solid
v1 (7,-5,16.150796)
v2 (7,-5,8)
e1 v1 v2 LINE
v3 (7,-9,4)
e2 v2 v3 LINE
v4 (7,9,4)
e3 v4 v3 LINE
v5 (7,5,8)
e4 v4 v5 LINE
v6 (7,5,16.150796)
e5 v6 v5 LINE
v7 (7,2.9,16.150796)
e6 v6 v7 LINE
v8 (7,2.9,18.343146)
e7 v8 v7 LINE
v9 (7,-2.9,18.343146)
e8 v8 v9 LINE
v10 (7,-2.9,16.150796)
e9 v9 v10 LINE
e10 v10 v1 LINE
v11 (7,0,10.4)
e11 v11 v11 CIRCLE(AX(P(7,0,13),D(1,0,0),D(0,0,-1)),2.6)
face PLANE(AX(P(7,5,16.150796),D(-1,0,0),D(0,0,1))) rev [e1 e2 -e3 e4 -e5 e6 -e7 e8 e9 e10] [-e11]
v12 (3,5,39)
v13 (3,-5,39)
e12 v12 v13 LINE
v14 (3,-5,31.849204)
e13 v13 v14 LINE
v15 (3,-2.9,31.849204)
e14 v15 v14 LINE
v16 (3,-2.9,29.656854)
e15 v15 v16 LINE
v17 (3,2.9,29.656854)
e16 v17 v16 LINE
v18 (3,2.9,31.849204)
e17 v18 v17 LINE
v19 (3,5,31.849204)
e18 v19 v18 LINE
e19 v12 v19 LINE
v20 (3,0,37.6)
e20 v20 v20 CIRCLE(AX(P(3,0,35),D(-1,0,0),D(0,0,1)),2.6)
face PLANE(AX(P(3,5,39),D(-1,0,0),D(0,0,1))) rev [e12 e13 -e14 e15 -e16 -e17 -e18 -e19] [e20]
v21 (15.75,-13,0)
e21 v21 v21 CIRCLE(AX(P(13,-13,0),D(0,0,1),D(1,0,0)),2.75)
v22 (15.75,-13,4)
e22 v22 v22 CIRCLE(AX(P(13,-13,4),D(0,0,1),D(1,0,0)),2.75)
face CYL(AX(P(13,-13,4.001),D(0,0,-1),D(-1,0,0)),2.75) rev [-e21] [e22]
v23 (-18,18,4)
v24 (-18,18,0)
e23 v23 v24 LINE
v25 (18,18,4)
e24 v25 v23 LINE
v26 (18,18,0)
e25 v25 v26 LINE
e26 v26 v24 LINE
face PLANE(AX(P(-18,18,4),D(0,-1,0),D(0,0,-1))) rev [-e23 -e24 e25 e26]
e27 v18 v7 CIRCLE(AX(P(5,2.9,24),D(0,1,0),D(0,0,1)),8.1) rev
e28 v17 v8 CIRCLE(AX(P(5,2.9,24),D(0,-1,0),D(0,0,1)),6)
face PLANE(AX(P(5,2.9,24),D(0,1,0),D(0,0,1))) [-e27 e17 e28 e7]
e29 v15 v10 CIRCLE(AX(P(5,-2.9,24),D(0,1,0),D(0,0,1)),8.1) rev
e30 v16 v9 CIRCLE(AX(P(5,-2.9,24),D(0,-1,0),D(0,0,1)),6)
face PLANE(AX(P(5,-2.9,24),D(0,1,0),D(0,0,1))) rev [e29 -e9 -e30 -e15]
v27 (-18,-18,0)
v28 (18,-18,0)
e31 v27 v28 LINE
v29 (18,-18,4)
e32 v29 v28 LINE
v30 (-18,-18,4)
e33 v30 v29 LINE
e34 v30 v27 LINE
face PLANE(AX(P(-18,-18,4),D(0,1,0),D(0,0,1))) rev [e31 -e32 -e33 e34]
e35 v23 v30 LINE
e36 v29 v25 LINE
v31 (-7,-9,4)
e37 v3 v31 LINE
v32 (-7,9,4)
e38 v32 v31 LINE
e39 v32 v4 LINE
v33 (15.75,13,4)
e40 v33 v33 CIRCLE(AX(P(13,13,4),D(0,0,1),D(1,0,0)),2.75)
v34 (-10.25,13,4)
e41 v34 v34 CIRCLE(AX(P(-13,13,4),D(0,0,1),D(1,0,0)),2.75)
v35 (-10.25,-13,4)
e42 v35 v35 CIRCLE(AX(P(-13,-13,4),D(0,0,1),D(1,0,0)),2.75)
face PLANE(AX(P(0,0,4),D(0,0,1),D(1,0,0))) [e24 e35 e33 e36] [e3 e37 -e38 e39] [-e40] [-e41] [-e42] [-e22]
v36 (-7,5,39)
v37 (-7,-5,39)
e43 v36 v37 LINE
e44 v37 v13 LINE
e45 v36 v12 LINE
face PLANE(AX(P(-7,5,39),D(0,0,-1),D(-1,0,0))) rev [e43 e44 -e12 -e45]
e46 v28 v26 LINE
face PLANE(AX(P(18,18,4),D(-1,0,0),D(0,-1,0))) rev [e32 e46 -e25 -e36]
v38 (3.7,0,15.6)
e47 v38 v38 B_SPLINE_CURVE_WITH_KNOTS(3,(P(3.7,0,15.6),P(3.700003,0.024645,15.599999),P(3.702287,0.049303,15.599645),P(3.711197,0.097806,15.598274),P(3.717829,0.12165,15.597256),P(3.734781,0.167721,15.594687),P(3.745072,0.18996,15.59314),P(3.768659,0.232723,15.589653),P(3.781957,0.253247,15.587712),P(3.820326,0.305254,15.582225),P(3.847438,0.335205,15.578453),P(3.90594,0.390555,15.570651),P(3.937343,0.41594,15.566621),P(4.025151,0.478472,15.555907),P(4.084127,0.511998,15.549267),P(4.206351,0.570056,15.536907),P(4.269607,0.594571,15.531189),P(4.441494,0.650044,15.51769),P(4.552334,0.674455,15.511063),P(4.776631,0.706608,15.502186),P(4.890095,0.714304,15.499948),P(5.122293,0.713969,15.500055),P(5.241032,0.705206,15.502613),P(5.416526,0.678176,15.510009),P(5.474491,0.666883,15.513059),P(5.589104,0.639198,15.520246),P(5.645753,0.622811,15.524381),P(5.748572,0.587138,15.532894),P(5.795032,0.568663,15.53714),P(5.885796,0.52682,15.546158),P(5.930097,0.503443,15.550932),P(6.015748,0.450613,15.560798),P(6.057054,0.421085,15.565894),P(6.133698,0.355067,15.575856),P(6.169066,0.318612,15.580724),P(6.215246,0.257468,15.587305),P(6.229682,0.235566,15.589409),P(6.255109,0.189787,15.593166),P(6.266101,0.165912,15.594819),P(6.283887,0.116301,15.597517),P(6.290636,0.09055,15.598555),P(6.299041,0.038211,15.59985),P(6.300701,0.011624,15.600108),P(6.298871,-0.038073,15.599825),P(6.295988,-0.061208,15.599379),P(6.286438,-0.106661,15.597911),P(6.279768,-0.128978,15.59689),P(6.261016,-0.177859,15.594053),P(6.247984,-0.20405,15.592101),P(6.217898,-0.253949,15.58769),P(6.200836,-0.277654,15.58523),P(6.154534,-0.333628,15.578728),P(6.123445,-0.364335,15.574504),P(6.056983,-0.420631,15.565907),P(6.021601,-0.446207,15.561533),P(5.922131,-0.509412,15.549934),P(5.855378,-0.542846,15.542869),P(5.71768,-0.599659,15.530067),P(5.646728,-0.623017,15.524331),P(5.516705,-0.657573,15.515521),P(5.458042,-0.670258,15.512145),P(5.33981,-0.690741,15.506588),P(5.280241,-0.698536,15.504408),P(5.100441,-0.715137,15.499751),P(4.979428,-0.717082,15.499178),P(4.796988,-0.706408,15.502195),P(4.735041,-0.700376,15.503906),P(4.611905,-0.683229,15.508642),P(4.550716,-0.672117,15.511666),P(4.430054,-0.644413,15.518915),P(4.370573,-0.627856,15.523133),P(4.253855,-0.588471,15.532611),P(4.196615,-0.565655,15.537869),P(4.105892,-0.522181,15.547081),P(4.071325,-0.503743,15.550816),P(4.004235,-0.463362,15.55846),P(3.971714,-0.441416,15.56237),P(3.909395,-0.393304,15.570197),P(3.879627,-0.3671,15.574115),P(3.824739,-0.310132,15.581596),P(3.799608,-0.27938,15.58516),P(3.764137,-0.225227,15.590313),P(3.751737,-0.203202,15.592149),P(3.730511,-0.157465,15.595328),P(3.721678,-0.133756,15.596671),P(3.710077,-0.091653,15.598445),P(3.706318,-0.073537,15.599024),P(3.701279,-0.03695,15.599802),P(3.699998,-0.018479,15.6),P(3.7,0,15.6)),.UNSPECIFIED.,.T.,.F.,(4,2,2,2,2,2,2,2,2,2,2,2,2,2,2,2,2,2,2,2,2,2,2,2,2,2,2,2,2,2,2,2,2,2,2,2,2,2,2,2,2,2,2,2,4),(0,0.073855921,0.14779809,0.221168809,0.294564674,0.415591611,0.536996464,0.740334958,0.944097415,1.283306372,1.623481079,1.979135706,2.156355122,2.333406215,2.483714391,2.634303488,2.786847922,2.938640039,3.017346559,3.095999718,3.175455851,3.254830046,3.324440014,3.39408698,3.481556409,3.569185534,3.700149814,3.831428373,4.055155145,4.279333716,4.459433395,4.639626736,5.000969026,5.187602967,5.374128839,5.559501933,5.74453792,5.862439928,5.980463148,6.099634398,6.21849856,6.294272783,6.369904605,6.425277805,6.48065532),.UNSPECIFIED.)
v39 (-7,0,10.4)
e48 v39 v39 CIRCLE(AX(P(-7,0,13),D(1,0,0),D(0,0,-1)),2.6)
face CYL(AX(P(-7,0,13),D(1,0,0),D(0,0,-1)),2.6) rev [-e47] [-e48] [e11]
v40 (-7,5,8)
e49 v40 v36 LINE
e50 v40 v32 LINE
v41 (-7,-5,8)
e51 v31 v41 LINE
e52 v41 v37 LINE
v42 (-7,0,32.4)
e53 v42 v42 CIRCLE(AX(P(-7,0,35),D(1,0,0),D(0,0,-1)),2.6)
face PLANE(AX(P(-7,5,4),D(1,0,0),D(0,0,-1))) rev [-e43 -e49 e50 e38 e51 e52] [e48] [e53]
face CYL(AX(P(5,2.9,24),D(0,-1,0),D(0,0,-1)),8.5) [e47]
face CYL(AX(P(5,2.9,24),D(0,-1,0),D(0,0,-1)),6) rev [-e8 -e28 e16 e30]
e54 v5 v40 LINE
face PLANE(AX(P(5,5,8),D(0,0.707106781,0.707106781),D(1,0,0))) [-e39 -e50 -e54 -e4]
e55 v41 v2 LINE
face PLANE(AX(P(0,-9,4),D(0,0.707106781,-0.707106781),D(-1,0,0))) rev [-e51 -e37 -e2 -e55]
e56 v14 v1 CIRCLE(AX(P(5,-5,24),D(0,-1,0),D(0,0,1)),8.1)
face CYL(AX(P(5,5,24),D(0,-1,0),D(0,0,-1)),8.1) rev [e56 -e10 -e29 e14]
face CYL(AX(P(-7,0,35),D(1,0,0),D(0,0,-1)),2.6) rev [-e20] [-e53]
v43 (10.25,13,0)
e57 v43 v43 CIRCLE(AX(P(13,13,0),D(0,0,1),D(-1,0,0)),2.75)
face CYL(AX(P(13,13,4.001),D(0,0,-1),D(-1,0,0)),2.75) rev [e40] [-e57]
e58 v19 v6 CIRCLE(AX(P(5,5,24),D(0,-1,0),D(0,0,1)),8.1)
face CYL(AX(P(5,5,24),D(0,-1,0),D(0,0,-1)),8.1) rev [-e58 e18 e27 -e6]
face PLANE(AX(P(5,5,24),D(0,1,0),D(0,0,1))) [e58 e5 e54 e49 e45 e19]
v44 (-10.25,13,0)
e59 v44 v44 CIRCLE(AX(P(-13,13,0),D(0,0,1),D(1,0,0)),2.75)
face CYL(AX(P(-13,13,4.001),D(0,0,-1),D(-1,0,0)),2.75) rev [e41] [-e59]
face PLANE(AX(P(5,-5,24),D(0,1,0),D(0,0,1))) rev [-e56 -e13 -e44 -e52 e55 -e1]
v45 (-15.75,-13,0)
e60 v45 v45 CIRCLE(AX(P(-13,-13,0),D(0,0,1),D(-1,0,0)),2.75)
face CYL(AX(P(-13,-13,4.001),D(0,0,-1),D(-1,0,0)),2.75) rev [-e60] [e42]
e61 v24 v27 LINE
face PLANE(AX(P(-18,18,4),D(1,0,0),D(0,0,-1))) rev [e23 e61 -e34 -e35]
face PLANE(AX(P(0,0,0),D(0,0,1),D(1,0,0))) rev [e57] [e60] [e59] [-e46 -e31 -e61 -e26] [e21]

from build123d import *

# Parameters (mm, degrees)
SKETCH1_W           = 36
SKETCH1_H           = 36
BOSS_EXTRUDE1_DEPTH = 4
CUT_EXTRUDE1_REACH  = 27.768
SKETCH2_R           = 2.75
BOSS_EXTRUDE2_DEPTH = 5
CHAMFER1_SIZE       = 4
SKETCH4_R           = 2.6
CUT_EXTRUDE2_DEPTH  = 7
BOSS_EXTRUDE3_DEPTH = 2.9


with BuildPart() as part:
    # Sketch1 → Boss-Extrude1 (new body)
    with BuildSketch(Plane.XY):
        Rectangle(SKETCH1_W, SKETCH1_H)
    extrude(amount=BOSS_EXTRUDE1_DEPTH)

    # Sketch2 → Cut-Extrude1 (cut, up to next)
    with BuildSketch(Plane.XY, mode=Mode.PRIVATE) as cut_extrude1_sk1:
        with Locations((-13, 13)):
            Circle(SKETCH2_R)
    cut_extrude1_tool1 = extrude(cut_extrude1_sk1.sketch, amount=CUT_EXTRUDE1_REACH, mode=Mode.PRIVATE) & part.part
    # Sketch2 → Cut-Extrude1 (cut, up to next)
    with BuildSketch(Plane.XY, mode=Mode.PRIVATE) as cut_extrude1_sk2:
        with Locations(Location((13, 13, 0), (0, 0, 180))):
            Circle(SKETCH2_R)
    cut_extrude1_tool2 = extrude(cut_extrude1_sk2.sketch, amount=CUT_EXTRUDE1_REACH, mode=Mode.PRIVATE) & part.part
    # Sketch2 → Cut-Extrude1 (cut, up to next)
    with BuildSketch(Plane.XY, mode=Mode.PRIVATE) as cut_extrude1_sk3:
        with Locations((13, -13)):
            Circle(SKETCH2_R)
    cut_extrude1_tool3 = extrude(cut_extrude1_sk3.sketch, amount=CUT_EXTRUDE1_REACH, mode=Mode.PRIVATE) & part.part
    # Sketch2 → Cut-Extrude1 (cut, up to next)
    with BuildSketch(Plane.XY, mode=Mode.PRIVATE) as cut_extrude1_sk4:
        with Locations(Location((-13, -13, 0), (0, 0, 180))):
            Circle(SKETCH2_R)
    cut_extrude1_tool4 = extrude(cut_extrude1_sk4.sketch, amount=CUT_EXTRUDE1_REACH, mode=Mode.PRIVATE) & part.part
    add(cut_extrude1_tool1.solids().sort_by_distance((-13, 13, 0))[0], mode=Mode.SUBTRACT)
    add(cut_extrude1_tool2.solids().sort_by_distance((13, 13, 0))[0], mode=Mode.SUBTRACT)
    add(cut_extrude1_tool3.solids().sort_by_distance((13, -13, 0))[0], mode=Mode.SUBTRACT)
    add(cut_extrude1_tool4.solids().sort_by_distance((-13, -13, 0))[0], mode=Mode.SUBTRACT)

    # Sketch3 → Boss-Extrude2 (add, symmetric)
    with BuildSketch(Plane(origin=(0, 0, 0), x_dir=(1, 0, 0), z_dir=(0, 1, 0))):
        with BuildLine():
            Line((-7, -4), (-7, -39))
            Line((-7, -39), (3, -39))
            Line((3, -39), (3, -31.849203781))
            ThreePointArc((3, -31.849203781), (-2.849203781, -22), (7, -16.150796219))
            Line((7, -16.150796219), (7, -4))
            Line((7, -4), (-7, -4))
        make_face()
    extrude(amount=BOSS_EXTRUDE2_DEPTH, both=True)

    # Chamfer1
    chamfer1_edges = [part.edges().sort_by_distance(p)[0] for p in [
        (0, -5, 4),
        (0, 5, 4),
    ]]
    chamfer(chamfer1_edges, length=CHAMFER1_SIZE)

    # Sketch4 → Cut-Extrude2 (cut, symmetric)
    with BuildSketch(Plane(origin=(0, 0, 0), x_dir=(0, 0, -1), z_dir=(1, 0, 0))):
        with Locations((-13, 0)):
            Circle(SKETCH4_R)
        with Locations((-35, 0)):
            Circle(SKETCH4_R)
    extrude(amount=CUT_EXTRUDE2_DEPTH, both=True, mode=Mode.SUBTRACT)

    # Sketch5 → Boss-Extrude3 (add, symmetric)
    with BuildSketch(Plane(origin=(0, 0, 0), x_dir=(1, 0, 0), z_dir=(0, 1, 0))):
        with BuildLine():
            Line((7, -15.738644179), (7, -18.343145751))
            ThreePointArc((7, -18.343145751), (-0.656854249, -22), (3, -29.656854249))
            Line((3, -29.656854249), (3, -32.261355821))
            ThreePointArc((3, -32.261355821), (-3.261355821, -22), (7, -15.738644179))
        make_face()
    extrude(amount=BOSS_EXTRUDE3_DEPTH, both=True)


solid = part.part
